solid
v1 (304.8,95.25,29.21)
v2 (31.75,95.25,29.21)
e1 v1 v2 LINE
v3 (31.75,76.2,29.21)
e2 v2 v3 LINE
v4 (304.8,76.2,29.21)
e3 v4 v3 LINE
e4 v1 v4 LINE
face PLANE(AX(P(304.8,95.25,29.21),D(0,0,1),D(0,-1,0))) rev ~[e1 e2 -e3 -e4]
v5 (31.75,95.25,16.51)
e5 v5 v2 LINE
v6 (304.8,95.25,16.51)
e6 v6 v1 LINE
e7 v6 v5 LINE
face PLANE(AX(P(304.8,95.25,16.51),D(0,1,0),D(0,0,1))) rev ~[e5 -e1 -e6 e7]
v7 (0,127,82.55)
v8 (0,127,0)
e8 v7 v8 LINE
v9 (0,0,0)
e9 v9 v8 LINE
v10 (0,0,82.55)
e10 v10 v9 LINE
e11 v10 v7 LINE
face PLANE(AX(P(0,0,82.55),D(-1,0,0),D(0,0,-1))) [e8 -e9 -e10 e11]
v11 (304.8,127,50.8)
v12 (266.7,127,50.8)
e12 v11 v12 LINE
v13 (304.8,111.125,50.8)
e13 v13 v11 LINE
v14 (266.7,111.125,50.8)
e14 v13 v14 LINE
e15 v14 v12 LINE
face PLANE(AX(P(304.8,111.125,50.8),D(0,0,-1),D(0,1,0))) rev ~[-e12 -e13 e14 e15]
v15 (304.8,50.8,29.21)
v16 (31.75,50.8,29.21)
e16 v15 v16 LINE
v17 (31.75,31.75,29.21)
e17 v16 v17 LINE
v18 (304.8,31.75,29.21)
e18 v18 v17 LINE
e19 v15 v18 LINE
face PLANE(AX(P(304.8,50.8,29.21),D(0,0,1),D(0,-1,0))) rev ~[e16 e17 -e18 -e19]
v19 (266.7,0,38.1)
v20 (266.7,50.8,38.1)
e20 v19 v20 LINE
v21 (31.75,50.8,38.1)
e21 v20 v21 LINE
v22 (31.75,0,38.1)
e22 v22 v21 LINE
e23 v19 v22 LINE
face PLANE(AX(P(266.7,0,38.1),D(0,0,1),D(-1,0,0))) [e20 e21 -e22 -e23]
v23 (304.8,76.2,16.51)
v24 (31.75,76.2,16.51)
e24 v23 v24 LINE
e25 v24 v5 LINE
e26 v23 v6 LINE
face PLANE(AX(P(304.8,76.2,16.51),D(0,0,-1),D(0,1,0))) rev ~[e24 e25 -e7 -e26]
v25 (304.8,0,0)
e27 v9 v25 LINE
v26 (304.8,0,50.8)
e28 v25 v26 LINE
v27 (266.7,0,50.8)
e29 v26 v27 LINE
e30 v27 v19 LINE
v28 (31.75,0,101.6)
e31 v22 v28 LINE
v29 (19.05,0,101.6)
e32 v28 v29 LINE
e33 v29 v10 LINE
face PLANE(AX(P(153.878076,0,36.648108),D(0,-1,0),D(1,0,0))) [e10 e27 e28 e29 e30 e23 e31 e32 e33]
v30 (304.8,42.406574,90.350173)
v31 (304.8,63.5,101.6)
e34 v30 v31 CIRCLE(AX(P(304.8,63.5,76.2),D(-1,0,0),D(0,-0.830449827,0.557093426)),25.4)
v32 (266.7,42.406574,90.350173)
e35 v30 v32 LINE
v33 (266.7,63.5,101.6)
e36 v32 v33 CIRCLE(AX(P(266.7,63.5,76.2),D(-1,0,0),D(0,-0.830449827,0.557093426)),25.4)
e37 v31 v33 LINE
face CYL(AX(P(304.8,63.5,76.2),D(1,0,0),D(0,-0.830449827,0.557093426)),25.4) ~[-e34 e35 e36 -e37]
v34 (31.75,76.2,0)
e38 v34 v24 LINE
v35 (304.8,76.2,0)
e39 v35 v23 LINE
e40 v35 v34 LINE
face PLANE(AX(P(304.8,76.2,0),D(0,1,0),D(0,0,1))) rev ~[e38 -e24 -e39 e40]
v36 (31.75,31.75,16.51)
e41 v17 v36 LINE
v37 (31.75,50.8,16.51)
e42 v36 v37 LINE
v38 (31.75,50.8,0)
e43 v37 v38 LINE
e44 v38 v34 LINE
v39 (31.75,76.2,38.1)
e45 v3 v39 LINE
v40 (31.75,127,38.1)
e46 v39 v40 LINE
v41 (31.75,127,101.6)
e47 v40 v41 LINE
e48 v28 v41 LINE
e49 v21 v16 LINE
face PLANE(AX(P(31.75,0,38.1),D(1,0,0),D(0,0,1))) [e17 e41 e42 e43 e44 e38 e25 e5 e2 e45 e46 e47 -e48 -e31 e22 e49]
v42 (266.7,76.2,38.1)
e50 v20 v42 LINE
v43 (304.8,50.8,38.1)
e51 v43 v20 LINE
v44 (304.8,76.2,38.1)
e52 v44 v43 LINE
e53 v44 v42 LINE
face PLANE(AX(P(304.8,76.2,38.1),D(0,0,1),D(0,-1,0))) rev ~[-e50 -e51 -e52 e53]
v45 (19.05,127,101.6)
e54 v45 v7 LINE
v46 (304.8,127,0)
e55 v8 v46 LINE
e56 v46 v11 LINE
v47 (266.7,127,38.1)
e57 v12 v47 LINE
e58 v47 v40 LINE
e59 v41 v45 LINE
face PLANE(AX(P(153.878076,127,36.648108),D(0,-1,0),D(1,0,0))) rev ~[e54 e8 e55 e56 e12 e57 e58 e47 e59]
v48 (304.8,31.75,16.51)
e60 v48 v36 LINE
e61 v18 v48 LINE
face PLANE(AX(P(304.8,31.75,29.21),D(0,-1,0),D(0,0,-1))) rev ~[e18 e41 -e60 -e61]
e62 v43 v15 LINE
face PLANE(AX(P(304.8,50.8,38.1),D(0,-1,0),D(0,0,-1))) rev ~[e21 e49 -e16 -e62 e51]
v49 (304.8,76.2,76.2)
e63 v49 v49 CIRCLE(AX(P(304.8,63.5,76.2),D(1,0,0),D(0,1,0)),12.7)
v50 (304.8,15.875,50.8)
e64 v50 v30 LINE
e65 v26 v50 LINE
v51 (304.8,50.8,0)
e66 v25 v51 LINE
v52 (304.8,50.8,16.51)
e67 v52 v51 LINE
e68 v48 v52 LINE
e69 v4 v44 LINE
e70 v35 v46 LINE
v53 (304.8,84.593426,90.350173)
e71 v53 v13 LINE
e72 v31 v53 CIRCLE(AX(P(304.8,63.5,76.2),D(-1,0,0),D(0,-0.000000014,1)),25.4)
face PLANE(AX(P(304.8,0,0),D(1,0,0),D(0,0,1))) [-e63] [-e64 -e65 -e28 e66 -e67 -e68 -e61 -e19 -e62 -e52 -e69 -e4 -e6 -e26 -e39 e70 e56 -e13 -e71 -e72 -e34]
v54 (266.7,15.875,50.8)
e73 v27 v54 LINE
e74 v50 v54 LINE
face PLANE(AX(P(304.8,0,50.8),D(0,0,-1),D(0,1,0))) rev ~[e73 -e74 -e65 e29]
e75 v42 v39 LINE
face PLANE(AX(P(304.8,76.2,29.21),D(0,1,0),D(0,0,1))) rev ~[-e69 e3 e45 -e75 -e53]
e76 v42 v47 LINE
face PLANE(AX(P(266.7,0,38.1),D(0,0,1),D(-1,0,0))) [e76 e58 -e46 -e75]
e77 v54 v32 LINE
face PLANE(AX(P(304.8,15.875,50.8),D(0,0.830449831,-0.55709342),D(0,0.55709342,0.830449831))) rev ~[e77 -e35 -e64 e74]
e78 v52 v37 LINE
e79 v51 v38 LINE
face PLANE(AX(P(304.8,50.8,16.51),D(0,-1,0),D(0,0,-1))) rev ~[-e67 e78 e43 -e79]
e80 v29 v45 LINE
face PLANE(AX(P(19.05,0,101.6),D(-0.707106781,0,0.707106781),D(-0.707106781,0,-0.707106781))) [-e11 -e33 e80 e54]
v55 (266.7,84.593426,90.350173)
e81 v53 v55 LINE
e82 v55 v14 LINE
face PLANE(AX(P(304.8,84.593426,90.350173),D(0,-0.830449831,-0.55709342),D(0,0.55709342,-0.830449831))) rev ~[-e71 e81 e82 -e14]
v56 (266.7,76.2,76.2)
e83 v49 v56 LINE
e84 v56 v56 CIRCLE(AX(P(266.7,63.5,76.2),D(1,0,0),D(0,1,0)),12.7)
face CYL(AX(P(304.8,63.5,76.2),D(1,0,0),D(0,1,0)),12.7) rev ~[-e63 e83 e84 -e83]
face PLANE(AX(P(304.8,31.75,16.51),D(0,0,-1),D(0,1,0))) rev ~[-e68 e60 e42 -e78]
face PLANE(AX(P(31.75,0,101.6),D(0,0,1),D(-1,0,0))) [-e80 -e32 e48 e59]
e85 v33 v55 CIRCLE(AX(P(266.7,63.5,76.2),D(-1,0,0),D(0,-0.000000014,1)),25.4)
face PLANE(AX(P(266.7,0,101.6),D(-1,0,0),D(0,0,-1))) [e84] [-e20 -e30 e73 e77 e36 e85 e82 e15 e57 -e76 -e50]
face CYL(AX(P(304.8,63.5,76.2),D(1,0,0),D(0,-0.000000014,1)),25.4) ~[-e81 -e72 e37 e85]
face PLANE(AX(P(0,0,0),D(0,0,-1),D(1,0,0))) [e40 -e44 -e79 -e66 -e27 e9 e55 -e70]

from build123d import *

# Parameters (mm, degrees)
F1_DEPTH = 127
F3_DEPTH = 38.1
F4_DEPTH = 273.05
F2_R     = 12.7
F5_DEPTH = 38.1


with BuildPart() as f1:
    # F0 (on Front) → F1 (new body)
    with BuildSketch(Plane.XZ):
        Polygon((31.75, 101.6), (19.05, 101.6), (0, 82.55), (0, 0), (304.8, 0), (304.8, 101.6), (266.7, 101.6), (266.7, 38.1), (31.75, 38.1), align=None)
    extrude(amount=-F1_DEPTH)

    # F2 (on face) → F3 (cut)
    with BuildSketch(Plane.YZ.offset(304.8)):
        with BuildLine():
            Line((0, 101.6), (0, 50.8))
            Line((0, 50.8), (15.875, 50.8))
            Line((15.875, 50.8), (42.406574, 90.350173))
            ThreePointArc((42.406574, 90.350173), (51.547059, 98.611765), (63.5, 101.6))
            Line((63.5, 101.6), (0, 101.6))
        make_face()
        with BuildLine():
            Line((127, 101.6), (63.5, 101.6))
            ThreePointArc((63.5, 101.6), (75.452941, 98.611765), (84.593426, 90.350173))
            Line((84.593426, 90.350173), (111.125, 50.8))
            Line((111.125, 50.8), (127, 50.8))
            Line((127, 50.8), (127, 101.6))
        make_face()
    extrude(amount=-F3_DEPTH, mode=Mode.SUBTRACT)

    # F2 (on face) → F4 (cut)
    with BuildSketch(Plane.YZ.offset(304.8)):
        Polygon((50.8, 16.51), (50.8, 0), (76.2, 0), (76.2, 16.51), (95.25, 16.51), (95.25, 29.21), (76.2, 29.21), (76.2, 38.1), (63.5, 38.1), (50.8, 38.1), (50.8, 29.21), (31.75, 29.21), (31.75, 16.51), align=None)
    extrude(amount=-F4_DEPTH, mode=Mode.SUBTRACT)

    # F2 (on face) → F5 (cut)
    with BuildSketch(Plane.YZ.offset(304.8)):
        with Locations((63.5, 76.2)):
            Circle(F2_R)
    extrude(amount=-F5_DEPTH, mode=Mode.SUBTRACT)


solid = f1.part
